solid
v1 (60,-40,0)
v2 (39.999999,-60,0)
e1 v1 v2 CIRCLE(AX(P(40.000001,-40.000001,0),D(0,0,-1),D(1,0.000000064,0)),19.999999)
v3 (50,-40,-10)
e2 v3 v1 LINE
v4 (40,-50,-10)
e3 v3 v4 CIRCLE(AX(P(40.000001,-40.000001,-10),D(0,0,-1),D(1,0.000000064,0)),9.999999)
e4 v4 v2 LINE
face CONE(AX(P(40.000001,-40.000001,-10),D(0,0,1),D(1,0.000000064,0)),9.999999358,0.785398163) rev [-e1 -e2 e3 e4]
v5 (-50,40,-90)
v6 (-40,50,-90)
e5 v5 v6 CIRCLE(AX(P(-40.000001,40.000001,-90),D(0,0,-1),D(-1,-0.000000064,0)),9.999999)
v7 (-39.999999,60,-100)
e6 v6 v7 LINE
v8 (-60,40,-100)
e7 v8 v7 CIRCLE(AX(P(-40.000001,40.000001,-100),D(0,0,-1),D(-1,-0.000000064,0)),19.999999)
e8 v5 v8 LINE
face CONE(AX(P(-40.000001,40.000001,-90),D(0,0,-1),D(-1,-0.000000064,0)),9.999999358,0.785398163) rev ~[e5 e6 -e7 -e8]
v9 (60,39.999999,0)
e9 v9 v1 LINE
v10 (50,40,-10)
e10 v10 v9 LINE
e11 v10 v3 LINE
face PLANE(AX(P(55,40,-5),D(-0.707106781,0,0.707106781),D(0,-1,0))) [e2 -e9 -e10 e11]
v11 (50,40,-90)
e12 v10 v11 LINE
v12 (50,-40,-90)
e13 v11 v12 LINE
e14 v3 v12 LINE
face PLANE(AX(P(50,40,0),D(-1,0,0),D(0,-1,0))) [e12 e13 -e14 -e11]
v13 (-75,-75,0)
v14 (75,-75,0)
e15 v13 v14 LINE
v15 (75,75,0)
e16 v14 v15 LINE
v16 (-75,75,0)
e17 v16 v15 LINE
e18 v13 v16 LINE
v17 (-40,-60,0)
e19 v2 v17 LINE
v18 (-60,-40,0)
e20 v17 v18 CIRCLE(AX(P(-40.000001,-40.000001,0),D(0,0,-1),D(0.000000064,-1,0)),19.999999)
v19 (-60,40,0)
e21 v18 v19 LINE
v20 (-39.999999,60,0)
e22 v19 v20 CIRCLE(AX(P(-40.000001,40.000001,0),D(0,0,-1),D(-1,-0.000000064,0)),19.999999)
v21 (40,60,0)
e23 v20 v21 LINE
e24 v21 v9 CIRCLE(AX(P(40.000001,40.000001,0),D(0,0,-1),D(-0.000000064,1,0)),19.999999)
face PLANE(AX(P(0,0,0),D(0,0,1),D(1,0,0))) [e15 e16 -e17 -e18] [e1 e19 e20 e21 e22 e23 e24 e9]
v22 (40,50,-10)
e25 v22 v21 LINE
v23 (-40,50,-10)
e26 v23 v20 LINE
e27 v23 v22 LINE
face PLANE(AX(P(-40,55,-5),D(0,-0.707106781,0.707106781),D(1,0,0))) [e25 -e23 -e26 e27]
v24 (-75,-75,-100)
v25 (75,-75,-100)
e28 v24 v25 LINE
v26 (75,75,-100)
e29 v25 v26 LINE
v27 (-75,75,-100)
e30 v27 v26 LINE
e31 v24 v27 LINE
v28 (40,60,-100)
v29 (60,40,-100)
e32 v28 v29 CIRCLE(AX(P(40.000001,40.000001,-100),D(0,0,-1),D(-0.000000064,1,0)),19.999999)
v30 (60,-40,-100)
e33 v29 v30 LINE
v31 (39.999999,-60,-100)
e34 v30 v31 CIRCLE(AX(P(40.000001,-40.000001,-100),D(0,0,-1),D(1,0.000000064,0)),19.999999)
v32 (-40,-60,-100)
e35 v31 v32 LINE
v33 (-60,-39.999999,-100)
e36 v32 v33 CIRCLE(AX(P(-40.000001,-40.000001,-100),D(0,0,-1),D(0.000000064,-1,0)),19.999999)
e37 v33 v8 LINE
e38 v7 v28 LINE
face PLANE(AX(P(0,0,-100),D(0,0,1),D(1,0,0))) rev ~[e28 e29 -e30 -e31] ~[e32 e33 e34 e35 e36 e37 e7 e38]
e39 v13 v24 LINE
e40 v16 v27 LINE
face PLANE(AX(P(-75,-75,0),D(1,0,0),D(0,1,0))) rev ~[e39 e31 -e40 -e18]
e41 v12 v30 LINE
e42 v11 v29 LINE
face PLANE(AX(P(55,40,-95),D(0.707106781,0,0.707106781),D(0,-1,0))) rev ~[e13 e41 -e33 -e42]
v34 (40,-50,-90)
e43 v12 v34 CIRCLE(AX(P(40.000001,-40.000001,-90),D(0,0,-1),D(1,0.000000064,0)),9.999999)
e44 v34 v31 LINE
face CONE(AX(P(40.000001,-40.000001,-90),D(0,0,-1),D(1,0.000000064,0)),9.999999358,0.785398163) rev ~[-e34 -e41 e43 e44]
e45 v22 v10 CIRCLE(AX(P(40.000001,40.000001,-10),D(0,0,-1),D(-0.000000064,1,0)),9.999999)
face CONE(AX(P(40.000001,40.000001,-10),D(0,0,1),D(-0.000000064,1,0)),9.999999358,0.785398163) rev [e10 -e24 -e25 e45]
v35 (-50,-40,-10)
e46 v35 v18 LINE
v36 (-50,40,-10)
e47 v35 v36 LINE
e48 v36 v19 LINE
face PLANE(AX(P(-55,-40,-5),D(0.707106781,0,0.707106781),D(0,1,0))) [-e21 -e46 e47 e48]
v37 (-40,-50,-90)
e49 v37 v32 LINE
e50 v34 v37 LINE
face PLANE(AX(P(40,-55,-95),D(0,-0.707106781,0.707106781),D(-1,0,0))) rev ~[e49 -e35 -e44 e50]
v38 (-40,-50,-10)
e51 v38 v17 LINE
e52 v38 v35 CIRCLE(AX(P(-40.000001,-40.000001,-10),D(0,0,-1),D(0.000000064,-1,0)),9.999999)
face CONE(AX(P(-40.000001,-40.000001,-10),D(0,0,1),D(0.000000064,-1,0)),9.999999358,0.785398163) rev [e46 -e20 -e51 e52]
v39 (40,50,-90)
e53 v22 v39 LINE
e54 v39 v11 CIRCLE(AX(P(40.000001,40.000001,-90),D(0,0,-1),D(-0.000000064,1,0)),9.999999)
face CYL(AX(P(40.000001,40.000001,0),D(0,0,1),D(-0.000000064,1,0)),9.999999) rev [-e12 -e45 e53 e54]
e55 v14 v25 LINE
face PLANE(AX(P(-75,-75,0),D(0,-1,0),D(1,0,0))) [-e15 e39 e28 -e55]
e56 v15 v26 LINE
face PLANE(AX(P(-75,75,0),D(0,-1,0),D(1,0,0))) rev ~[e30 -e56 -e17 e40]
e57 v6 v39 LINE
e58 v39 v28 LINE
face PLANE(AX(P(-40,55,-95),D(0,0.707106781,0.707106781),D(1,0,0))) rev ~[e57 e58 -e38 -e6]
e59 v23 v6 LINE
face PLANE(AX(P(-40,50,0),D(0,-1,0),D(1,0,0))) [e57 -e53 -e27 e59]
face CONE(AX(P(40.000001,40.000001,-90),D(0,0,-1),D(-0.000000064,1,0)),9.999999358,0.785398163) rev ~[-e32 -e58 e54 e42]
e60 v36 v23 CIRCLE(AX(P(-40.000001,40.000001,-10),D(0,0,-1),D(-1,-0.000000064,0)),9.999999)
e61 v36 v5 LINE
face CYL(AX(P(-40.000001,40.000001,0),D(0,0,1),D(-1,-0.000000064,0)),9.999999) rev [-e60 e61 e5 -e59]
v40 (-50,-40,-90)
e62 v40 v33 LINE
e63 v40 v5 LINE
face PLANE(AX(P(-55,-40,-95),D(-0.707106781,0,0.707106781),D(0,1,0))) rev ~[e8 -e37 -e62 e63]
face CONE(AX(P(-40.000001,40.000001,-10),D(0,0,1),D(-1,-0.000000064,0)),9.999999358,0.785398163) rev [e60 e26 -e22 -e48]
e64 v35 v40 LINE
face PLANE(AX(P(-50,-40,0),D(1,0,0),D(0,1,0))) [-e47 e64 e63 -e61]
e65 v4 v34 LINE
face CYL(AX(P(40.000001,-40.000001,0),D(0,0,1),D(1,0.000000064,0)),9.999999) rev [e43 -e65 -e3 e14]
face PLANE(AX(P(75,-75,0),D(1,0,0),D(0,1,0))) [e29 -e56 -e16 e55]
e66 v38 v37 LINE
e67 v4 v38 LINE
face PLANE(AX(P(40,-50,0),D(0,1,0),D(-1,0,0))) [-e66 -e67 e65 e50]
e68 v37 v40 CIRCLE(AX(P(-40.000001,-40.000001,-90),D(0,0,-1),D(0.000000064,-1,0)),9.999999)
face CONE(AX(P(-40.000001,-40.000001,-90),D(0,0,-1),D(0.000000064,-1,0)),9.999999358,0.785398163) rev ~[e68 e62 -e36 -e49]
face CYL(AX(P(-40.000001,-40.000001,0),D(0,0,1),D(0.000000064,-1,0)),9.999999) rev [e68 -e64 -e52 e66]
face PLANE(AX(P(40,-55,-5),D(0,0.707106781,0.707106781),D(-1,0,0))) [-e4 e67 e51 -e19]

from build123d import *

# Parameters (mm, degrees)
F0_W     = 150
F0_H     = 150
F1_DEPTH = 100
F2_SIZE  = 10
F3_SIZE  = 10


with BuildPart() as f1:
    # F0 (on Top) → F1 (new body)
    with BuildSketch(Plane.XY):
        Rectangle(F0_W, F0_H)
        with BuildLine():
            ThreePointArc((50, -40), (47.071068, -47.071068), (40, -50))
            Line((40, -50), (-40, -50))
            ThreePointArc((-40, -50), (-47.071068, -47.071068), (-50, -40))
            Line((-50, -40), (-50, 40))
            ThreePointArc((-50, 40), (-47.071068, 47.071068), (-40, 50))
            Line((-40, 50), (40, 50))
            ThreePointArc((40, 50), (47.071068, 47.071068), (50, 40))
            Line((50, 40), (50, -40))
        make_face(mode=Mode.SUBTRACT)
    extrude(amount=-F1_DEPTH)

    # F2
    f2_edges = [f1.edges().sort_by_distance(p)[0] for p in [
        (-50, 0, 0),
    ]]
    chamfer(f2_edges, length=F2_SIZE)

    # F3
    f3_edges = [f1.edges().sort_by_distance(p)[0] for p in [
        (50, 0, -100),
    ]]
    chamfer(f3_edges, length=F3_SIZE)


solid = f1.part
